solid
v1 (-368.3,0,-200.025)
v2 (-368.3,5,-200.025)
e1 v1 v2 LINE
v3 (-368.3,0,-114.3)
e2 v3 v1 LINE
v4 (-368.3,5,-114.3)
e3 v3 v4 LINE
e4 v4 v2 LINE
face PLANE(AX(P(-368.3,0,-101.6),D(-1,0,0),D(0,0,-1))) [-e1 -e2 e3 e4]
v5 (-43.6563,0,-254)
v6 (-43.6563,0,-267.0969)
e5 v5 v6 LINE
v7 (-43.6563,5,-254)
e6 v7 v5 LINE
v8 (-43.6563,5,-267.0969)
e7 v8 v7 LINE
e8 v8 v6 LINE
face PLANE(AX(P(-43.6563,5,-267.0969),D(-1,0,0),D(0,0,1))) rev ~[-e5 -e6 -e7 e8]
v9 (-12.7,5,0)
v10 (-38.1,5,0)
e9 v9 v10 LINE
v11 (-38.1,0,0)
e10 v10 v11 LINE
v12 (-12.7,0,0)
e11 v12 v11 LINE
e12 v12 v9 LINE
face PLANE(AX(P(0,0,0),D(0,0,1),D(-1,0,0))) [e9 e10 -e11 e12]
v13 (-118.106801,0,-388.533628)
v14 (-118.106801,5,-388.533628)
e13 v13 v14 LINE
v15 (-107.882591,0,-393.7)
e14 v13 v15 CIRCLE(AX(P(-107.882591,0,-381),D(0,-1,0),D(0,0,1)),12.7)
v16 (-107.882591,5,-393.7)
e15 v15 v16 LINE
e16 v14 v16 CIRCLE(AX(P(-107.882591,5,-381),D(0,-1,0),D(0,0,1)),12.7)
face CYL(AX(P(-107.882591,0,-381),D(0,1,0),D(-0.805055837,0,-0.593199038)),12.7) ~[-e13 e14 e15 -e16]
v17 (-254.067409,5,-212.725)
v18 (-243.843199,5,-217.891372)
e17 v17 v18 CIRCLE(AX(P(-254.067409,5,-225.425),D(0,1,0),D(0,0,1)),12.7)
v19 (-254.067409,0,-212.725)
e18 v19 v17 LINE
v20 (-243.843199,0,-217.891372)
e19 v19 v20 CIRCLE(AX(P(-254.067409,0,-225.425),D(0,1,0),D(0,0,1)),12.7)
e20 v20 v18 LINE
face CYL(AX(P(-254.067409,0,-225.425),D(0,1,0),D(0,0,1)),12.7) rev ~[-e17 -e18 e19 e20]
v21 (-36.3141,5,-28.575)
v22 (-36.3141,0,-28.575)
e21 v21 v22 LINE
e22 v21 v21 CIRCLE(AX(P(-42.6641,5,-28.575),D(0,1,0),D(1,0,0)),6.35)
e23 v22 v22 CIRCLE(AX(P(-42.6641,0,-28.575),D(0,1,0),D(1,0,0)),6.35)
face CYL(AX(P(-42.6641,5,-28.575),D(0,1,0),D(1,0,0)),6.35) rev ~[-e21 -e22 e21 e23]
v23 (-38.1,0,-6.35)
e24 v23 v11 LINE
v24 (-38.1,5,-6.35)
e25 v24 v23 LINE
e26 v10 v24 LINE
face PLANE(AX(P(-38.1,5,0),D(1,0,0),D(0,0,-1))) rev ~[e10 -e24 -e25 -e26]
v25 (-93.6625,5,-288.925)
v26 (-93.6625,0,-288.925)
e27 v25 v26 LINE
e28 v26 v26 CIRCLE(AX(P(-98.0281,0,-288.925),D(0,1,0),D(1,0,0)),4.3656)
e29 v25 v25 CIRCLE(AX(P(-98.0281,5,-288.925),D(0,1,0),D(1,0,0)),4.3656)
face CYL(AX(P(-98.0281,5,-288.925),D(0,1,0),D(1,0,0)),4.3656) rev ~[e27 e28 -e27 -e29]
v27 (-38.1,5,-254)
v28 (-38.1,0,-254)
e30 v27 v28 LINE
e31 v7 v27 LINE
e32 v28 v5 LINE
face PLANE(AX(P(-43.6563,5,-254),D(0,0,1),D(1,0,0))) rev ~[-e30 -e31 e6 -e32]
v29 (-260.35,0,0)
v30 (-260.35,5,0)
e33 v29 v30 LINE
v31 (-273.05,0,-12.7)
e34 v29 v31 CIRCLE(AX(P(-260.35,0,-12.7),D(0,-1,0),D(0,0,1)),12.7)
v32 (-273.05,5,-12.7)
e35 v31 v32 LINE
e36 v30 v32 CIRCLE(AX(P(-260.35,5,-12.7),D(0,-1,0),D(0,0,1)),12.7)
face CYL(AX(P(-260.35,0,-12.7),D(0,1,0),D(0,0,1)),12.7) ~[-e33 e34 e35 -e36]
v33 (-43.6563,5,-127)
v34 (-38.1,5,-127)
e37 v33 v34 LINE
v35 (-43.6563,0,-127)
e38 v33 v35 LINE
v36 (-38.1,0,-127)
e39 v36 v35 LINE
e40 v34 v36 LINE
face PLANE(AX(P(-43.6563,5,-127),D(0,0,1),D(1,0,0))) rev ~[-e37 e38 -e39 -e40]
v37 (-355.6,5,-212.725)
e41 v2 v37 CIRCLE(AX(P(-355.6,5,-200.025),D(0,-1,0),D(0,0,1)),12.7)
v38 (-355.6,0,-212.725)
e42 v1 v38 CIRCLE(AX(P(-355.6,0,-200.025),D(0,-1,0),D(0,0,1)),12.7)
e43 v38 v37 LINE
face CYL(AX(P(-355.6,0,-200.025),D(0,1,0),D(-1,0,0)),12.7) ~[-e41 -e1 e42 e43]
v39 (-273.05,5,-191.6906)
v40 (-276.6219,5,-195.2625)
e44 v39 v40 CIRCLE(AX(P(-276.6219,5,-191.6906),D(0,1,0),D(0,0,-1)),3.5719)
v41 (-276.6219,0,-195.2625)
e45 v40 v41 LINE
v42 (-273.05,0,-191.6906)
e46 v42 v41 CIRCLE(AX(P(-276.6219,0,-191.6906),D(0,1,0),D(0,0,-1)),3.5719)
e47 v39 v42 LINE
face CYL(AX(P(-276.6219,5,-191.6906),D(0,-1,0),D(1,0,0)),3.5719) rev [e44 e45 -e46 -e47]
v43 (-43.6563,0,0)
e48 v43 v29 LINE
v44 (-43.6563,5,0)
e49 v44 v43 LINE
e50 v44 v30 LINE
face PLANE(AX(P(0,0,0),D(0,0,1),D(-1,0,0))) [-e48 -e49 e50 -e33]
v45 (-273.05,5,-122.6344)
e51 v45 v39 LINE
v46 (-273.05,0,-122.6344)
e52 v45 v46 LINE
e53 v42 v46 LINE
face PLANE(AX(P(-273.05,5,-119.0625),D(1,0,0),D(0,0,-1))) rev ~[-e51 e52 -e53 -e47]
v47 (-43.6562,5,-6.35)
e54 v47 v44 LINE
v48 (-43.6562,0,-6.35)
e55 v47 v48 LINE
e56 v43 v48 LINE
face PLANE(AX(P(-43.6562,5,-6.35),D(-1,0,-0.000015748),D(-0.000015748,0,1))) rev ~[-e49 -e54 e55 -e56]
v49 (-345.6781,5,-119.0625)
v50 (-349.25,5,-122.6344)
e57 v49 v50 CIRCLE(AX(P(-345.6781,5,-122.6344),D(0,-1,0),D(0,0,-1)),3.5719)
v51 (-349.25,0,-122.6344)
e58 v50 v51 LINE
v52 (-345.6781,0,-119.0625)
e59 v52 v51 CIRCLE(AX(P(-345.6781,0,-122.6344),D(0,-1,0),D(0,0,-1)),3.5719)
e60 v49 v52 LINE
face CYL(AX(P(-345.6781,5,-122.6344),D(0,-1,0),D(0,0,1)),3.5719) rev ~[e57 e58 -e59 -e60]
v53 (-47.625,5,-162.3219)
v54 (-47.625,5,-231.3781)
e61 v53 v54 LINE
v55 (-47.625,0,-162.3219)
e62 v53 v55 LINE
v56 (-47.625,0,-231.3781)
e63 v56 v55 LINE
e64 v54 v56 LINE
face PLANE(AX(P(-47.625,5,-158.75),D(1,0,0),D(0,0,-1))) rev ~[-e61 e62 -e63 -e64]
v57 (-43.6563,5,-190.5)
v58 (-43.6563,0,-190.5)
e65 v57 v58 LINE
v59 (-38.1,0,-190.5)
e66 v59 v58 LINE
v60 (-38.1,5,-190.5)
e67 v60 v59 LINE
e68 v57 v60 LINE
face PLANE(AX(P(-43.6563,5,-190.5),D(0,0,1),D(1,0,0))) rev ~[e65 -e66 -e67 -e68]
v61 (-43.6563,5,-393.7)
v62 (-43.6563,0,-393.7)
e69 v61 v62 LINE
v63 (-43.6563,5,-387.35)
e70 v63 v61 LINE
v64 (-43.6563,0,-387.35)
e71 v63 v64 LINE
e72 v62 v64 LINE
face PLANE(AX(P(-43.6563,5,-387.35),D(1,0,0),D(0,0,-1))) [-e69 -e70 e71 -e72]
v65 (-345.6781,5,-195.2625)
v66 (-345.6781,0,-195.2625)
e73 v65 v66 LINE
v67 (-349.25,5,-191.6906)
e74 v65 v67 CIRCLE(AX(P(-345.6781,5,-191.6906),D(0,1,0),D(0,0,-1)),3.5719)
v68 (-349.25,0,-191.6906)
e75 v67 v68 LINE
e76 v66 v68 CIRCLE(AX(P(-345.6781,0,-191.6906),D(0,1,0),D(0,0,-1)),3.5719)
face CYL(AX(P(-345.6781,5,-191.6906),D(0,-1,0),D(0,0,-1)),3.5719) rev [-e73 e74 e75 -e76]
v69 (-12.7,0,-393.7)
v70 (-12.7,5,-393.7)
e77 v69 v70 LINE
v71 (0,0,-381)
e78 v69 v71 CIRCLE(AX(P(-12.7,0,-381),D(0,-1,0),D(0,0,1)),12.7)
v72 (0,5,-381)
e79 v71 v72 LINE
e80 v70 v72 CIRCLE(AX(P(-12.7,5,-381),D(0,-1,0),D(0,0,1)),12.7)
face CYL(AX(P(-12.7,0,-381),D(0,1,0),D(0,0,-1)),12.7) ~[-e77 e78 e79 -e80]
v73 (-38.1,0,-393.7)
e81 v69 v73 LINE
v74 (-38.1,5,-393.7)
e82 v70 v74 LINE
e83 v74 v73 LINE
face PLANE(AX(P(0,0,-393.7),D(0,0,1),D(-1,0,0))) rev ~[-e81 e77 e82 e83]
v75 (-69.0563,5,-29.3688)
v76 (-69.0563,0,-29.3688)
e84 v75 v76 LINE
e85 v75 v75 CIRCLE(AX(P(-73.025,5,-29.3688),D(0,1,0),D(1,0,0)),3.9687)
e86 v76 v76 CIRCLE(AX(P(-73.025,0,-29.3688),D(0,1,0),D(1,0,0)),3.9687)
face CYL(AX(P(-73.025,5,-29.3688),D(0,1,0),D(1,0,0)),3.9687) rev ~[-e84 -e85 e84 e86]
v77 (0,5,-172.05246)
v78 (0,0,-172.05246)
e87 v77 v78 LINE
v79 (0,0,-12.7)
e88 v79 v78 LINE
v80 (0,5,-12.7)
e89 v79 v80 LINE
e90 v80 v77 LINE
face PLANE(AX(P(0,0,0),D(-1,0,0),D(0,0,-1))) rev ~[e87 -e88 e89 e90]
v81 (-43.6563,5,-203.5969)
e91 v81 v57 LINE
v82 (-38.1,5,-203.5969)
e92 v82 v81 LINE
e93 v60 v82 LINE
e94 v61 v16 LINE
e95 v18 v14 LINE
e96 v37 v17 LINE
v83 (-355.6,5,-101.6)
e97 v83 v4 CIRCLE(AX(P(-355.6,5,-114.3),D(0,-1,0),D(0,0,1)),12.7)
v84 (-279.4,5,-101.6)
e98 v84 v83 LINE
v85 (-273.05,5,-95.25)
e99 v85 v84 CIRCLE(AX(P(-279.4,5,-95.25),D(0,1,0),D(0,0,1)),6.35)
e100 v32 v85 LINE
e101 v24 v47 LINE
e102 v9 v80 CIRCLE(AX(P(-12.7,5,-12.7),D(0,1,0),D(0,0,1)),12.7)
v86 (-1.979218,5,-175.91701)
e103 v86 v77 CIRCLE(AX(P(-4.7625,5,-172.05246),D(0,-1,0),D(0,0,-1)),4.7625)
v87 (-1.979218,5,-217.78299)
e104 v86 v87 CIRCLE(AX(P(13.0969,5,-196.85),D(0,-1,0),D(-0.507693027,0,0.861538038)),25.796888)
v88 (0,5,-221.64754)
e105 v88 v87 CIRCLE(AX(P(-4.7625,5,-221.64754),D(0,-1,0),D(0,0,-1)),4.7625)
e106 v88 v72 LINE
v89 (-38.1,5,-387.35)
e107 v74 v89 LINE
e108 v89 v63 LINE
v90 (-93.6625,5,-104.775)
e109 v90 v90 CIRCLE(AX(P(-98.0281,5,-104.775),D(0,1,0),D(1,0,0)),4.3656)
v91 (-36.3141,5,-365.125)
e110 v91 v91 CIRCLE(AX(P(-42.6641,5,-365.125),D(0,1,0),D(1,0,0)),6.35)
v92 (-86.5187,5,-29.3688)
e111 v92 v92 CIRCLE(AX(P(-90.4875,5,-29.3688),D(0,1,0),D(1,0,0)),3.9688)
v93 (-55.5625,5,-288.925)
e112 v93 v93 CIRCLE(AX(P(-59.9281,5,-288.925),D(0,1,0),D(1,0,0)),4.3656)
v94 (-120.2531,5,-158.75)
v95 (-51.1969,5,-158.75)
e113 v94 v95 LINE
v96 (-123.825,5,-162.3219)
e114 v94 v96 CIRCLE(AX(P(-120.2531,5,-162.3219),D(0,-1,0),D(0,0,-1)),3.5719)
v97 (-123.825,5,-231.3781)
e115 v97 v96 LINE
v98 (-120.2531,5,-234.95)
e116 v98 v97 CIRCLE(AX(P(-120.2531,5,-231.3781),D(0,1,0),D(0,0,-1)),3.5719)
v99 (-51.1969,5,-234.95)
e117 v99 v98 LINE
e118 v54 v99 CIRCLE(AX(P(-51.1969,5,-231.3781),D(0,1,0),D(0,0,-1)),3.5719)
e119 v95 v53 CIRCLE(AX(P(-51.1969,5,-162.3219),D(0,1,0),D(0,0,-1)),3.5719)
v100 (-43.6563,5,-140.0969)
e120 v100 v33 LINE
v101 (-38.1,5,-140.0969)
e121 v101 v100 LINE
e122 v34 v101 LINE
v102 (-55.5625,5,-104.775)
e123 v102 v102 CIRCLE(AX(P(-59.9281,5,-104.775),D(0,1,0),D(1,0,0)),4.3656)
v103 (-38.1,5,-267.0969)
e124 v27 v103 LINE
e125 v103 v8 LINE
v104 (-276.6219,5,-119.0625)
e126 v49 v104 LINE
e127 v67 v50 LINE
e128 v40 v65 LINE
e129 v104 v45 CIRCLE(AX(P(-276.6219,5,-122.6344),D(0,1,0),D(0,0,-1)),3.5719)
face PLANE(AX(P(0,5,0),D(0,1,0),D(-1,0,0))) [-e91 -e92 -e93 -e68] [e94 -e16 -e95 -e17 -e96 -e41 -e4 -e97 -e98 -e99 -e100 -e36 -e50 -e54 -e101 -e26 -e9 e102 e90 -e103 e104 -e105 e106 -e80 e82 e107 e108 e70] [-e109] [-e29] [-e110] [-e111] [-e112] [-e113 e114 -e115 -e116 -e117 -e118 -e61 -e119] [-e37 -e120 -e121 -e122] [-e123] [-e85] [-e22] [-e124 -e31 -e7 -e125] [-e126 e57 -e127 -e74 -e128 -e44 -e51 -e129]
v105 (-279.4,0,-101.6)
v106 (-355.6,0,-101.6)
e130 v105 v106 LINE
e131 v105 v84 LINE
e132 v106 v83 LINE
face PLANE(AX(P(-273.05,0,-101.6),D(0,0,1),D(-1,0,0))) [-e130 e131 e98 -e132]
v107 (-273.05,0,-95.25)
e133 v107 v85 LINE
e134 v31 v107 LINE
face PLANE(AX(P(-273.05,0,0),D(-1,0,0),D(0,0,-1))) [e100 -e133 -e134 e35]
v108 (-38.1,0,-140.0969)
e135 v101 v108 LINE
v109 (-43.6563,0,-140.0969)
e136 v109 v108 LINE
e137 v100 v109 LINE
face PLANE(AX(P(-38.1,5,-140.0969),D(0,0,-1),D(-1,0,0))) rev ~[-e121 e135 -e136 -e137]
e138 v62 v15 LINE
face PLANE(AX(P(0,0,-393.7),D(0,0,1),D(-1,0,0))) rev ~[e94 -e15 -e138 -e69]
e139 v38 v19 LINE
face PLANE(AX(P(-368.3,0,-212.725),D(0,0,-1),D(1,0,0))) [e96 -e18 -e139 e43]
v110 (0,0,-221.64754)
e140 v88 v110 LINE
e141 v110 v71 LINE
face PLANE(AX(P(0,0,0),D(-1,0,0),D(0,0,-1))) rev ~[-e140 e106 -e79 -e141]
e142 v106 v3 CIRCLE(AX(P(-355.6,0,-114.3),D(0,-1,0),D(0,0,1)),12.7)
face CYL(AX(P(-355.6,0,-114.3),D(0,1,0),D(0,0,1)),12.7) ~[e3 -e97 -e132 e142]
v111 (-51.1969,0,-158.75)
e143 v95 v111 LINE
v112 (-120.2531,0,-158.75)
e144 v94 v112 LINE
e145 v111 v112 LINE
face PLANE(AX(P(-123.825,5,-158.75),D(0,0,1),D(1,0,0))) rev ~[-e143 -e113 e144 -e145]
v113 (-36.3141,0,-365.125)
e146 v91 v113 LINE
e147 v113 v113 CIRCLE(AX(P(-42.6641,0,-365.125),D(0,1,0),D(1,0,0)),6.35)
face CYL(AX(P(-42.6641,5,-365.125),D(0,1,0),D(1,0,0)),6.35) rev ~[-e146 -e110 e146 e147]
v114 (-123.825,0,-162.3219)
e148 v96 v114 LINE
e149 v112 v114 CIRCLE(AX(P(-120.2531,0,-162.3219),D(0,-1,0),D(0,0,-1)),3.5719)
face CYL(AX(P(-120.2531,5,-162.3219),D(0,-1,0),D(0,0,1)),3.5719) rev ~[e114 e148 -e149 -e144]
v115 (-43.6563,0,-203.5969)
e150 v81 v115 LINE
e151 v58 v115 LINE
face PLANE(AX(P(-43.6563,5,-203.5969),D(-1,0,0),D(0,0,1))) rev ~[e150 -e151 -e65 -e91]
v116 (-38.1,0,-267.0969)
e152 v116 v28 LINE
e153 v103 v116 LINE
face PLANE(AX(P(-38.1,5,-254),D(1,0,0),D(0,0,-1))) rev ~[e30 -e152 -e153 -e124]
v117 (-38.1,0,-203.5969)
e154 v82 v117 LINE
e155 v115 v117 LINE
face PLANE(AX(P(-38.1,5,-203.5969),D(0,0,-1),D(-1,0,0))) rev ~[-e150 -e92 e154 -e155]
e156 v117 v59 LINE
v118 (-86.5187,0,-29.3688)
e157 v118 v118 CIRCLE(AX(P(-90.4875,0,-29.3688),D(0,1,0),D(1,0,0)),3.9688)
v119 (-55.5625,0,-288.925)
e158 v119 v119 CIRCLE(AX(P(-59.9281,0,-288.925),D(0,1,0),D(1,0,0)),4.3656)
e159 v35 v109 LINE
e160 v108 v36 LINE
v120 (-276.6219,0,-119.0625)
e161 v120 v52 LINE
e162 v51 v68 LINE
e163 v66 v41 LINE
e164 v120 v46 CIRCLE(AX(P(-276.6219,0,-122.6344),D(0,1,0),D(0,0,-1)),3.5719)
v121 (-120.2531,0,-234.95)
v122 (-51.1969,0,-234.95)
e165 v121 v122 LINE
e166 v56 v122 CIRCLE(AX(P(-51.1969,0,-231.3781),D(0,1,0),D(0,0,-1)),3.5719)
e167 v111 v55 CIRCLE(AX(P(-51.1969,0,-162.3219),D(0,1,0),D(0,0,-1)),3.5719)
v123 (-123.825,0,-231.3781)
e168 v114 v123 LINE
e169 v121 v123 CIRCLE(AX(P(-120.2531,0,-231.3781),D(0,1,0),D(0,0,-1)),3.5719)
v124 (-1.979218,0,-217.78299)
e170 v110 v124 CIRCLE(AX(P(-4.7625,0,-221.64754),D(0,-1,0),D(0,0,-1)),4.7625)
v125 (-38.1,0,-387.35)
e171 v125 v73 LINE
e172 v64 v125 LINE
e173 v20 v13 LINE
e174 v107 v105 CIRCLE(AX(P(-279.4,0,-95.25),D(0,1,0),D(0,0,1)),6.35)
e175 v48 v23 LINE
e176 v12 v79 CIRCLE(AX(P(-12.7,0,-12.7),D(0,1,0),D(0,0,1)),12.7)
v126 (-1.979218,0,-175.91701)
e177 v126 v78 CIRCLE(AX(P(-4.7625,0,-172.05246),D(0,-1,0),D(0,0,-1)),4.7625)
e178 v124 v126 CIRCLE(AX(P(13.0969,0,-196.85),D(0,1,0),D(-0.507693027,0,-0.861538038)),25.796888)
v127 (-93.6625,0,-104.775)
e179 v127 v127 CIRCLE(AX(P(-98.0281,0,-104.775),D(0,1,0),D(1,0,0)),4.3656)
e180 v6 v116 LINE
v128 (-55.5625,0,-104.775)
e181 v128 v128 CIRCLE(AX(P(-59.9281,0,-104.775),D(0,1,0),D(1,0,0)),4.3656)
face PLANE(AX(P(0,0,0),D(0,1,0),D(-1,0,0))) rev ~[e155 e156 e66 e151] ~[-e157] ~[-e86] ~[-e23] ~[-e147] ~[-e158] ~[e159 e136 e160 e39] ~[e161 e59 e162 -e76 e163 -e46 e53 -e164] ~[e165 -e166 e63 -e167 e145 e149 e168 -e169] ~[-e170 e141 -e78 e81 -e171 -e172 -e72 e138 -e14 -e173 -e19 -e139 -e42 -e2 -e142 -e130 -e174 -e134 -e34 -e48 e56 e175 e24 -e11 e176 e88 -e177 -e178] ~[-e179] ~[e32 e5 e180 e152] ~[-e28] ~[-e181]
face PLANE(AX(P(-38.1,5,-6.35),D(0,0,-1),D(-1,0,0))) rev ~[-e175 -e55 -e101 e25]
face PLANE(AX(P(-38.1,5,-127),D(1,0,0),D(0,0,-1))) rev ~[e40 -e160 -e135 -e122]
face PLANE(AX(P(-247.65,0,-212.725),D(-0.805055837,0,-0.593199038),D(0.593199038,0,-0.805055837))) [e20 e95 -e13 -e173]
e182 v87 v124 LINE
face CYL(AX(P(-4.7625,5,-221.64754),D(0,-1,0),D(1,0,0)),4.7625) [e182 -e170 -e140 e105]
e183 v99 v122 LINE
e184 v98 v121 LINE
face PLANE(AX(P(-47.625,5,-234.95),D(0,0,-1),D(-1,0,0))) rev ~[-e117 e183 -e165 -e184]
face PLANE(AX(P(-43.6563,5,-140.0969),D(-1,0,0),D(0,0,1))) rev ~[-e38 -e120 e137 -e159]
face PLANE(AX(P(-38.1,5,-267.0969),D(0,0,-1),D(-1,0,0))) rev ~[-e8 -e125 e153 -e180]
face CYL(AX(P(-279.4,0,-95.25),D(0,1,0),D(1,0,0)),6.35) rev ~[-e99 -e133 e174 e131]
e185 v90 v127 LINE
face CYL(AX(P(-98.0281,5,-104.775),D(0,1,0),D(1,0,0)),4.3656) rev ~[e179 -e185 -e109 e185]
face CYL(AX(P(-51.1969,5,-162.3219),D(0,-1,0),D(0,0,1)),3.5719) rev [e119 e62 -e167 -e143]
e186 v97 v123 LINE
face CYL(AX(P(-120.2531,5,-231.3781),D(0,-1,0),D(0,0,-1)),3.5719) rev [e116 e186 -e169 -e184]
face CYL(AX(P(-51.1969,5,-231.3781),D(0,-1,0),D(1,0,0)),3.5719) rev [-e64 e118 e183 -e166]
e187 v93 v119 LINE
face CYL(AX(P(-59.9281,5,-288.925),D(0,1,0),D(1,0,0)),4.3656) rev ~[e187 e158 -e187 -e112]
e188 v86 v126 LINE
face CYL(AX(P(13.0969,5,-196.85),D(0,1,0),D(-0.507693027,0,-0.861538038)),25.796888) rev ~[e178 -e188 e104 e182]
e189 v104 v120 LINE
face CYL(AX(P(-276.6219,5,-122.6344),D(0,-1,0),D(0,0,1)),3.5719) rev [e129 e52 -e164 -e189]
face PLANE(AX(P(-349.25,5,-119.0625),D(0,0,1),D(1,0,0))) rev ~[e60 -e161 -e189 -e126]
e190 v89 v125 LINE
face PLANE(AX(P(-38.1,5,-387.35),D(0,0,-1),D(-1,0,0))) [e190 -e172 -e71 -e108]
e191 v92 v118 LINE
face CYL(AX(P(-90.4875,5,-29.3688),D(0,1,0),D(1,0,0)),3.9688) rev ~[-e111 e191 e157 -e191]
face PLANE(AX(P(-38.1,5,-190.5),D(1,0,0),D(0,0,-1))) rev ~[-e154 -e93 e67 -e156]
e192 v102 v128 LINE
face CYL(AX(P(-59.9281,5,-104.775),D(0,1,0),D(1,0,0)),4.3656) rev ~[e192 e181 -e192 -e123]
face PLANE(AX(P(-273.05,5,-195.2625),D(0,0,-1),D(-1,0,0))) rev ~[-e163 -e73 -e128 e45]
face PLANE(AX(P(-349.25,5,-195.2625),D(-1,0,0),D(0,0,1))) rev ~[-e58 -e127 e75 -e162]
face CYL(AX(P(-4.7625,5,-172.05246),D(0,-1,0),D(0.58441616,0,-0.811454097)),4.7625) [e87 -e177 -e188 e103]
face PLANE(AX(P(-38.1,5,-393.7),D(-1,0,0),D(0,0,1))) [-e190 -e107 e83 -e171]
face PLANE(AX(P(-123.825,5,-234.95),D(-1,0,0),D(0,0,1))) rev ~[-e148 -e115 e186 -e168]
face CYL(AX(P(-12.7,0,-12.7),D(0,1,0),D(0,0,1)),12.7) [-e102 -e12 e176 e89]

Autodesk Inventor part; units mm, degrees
ref_plane "YZ Plane" through (0, 0, 0) normal (1, 0, 0) x (0, 1, 0)
ref_plane "XZ Plane" through (0, 0, 0) normal (0, 1, 0) x (-1, 0, 0)
ref_plane "XY Plane" through (0, 0, 0) normal (0, 0, 1) x (1, 0, 0)
sketch "Boceto1" plane through (0, 0, 0) normal (0, 1, 0) x (-1, 0, 0)
  line L0 (0, 0) -> (273.05, 0)
  line L1 (273.05, 0) -> (273.05, -101.6)
  line L2 (273.05, -101.6) -> (368.3, -101.6)
  line L3 (368.3, -101.6) -> (368.3, -212.725)
  line L4 (0, 0) -> (0, -393.7)
  line L5 (0, -393.7) -> (114.3, -393.7)
  line L6 (368.3, -212.725) -> (247.65, -212.725)
  line L7 (247.65, -212.725) -> (114.3, -393.7)
  dimension "d0" = 273.05
  dimension "d1" = 101.6
  dimension "d2" = 95.25
  dimension "d3" = 111.125
  dimension "d4" = 393.7
  dimension "d50" = 114.3
  dimension "d51" = 133.35
extrude "Extrusión1" add sketch "Boceto1" along normal blind 5
fillet "Empalme1" radius 12.7 7 edges at (-368.3, 2.5, -101.6) (-273.05, 2.5, 0) (-368.3, 2.5, -212.725) (-247.65, 2.5, -212.725) (-114.3, 2.5, -393.7) (0, 2.5, -393.7) (0, 2.5, 0)
fillet "Empalme2" radius 6.35 1 edges at (-273.05, 2.5, -101.6)
sketch "Boceto2" plane through (0, 5, 0) normal (0, 1, 0) x (1, 0, 0)
  line L0 (-349.25, 119.0625) -> (-273.05, 119.0625)
  line L1 (-273.05, 119.0625) -> (-273.05, 195.2625)
  line L2 (-273.05, 195.2625) -> (-349.25, 195.2625)
  line L3 (-349.25, 195.2625) -> (-349.25, 119.0625)
  line L4 (-368.3, 200.025) -> (-368.3, 114.3) projected
  line L5 (-254.0674, 212.725) -> (-355.6, 212.725) projected
  line L6 (-355.6, 101.6) -> (-279.4, 101.6) projected
  line L7 (-260.35, 0) -> (-12.7, 0) projected
  line L8 (-43.6563, 0) -> (-38.1, 0)
  line L9 (-38.1, 0) -> (-38.1, 6.35)
  line L10 (-38.1, 6.35) -> (-43.6562, 6.35)
  line L11 (-43.6562, 6.35) -> (-43.6563, 0)
  line L12 (-12.7, 393.7) -> (-107.8826, 393.7) projected
  line L13 (0, 12.7) -> (0, 381) projected
  circle A0 centre (-98.0281, 104.775) radius 4.3656
  circle A1 centre (-59.9281, 104.775) radius 4.3656
  circle A2 centre (-98.0281, 288.925) radius 4.3656
  circle A3 centre (-59.9281, 288.925) radius 4.3656
  line L14 (-123.825, 158.75) -> (-47.625, 158.75)
  line L15 (-47.625, 158.75) -> (-47.625, 234.95)
  line L16 (-47.625, 234.95) -> (-123.825, 234.95)
  line L17 (-123.825, 234.95) -> (-123.825, 158.75)
  circle A4 centre (-42.6641, 365.125) radius 6.35
  circle A5 centre (-42.6641, 28.575) radius 6.35
  line L18 (-107.8826, 393.7) -> (-12.7, 393.7) projected
  line L19 (-43.6563, 393.7) -> (-38.1, 393.7)
  line L20 (-38.1, 393.7) -> (-38.1, 387.35)
  line L21 (-38.1, 387.35) -> (-43.6563, 387.35)
  line L22 (-43.6563, 387.35) -> (-43.6563, 393.7)
  line L23 (-43.6563, 127) -> (-38.1, 127)
  line L24 (-38.1, 127) -> (-38.1, 140.0969)
  line L25 (-38.1, 140.0969) -> (-43.6563, 140.0969)
  line L26 (-43.6563, 140.0969) -> (-43.6563, 127)
  line L27 (-43.6563, 190.5) -> (-38.1, 190.5)
  line L28 (-38.1, 190.5) -> (-38.1, 203.5969)
  line L29 (-38.1, 203.5969) -> (-43.6563, 203.5969)
  line L30 (-43.6563, 203.5969) -> (-43.6563, 190.5)
  line L31 (-43.6563, 254) -> (-38.1, 254)
  line L32 (-38.1, 254) -> (-38.1, 267.0969)
  line L33 (-38.1, 267.0969) -> (-43.6563, 267.0969)
  line L34 (-43.6563, 267.0969) -> (-43.6563, 254)
  circle A6 centre (-73.025, 29.3688) radius 3.9687
  circle A7 centre (-90.4875, 29.3688) radius 3.9688
  point P0 (0, 0)
  dimension "d11" = 76.2
  dimension "d17" = 17.4625
  dimension "d18" = 19.05
  dimension "d19" = 76.2
  dimension "d20" = 5.5563
  dimension "d22" = 6.35
  dimension "d24" = 38.1
  dimension "d27" = 8.7312
  dimension "d38" = 76.2
  dimension "d39" = 76.2
  dimension "d40" = 158.75
  dimension "d42" = 12.7
  dimension "d43" = 28.575
  dimension "d44" = 42.6641
  dimension "d47" = 12.7
  dimension "d52" = 38.1
  dimension "d53" = 5.5563
  dimension "d54" = 6.35
  dimension "d55" = 47.625
  dimension "d56" = 8.7312
  dimension "d57" = 98.0281
  dimension "d58" = 38.1
  dimension "d59" = 53.975
  dimension "d60" = 53.975
  dimension "d61" = 184.15
  dimension "d62" = 184.15
  dimension "d63" = 38.1
  dimension "d64" = 8.7312
  dimension "d65" = 8.7312
  dimension "d66" = 98.0281
  dimension "d67" = 42.6641
  dimension "d68" = 28.575
  dimension "d69" = 5.5563
  dimension "d70" = 5.5563
  dimension "d71" = 5.5563
  dimension "d72" = 13.0969
  dimension "d73" = 13.0969
  dimension "d74" = 13.0969
  dimension "d75" = 38.1
  dimension "d80" = 63.5
  dimension "d81" = 63.5
  dimension "d82" = 127
  dimension "d92" = 7.9375
  dimension "d93" = 7.9375
  dimension "d94" = 25.4
  dimension "d96" = 25.4
  dimension "d97" = 25.4
  dimension "d98" = 25.4
extrude "Extrusión2" cut sketch "Boceto2" against normal up to next
fillet "Empalme3" radius 3.5719 8 edges at (-349.25, 2.5, -119.0625) (-123.825, 2.5, -158.75) (-349.25, 2.5, -195.2625) (-123.825, 2.5, -234.95) (-273.05, 2.5, -195.2625) (-47.625, 2.5, -234.95) (-273.05, 2.5, -119.0625) (-47.625, 2.5, -158.75)
sketch "Boceto3" plane through (0, 5, 0) normal (0, 1, 0) x (1, 0, 0)
  line L0 (0, 12.7) -> (0, 381) projected
  line L1 (0, 381) -> (0, 12.7) projected
  line L2 (0, 196.85) -> (-12.7, 196.85)
  line L3 (0, 196.85) -> (0, 219.075)
  line L4 (0, 196.85) -> (0, 174.625)
  arc A0 (0, 219.075) -> (0, 174.625) centre (13.0969, 196.85) ccw
  point P0 (0, 0)
  dimension "d86" = 12.7
  dimension "d87" = 22.225
  dimension "d88" = 22.225
extrude "Extrusión3" cut sketch "Boceto3" against normal up to next
fillet "Empalme4" radius 4.7625 2 edges at (0, 2.5, -219.075) (0, 2.5, -174.625)
equation "\"d42\" = UBD"
equation "\"d47\" = UBD"
equation "\"LM\" = 76.2"
equation "\"UBD\" = 12.7"
properties part number "CAR SIDE PLATE I"
